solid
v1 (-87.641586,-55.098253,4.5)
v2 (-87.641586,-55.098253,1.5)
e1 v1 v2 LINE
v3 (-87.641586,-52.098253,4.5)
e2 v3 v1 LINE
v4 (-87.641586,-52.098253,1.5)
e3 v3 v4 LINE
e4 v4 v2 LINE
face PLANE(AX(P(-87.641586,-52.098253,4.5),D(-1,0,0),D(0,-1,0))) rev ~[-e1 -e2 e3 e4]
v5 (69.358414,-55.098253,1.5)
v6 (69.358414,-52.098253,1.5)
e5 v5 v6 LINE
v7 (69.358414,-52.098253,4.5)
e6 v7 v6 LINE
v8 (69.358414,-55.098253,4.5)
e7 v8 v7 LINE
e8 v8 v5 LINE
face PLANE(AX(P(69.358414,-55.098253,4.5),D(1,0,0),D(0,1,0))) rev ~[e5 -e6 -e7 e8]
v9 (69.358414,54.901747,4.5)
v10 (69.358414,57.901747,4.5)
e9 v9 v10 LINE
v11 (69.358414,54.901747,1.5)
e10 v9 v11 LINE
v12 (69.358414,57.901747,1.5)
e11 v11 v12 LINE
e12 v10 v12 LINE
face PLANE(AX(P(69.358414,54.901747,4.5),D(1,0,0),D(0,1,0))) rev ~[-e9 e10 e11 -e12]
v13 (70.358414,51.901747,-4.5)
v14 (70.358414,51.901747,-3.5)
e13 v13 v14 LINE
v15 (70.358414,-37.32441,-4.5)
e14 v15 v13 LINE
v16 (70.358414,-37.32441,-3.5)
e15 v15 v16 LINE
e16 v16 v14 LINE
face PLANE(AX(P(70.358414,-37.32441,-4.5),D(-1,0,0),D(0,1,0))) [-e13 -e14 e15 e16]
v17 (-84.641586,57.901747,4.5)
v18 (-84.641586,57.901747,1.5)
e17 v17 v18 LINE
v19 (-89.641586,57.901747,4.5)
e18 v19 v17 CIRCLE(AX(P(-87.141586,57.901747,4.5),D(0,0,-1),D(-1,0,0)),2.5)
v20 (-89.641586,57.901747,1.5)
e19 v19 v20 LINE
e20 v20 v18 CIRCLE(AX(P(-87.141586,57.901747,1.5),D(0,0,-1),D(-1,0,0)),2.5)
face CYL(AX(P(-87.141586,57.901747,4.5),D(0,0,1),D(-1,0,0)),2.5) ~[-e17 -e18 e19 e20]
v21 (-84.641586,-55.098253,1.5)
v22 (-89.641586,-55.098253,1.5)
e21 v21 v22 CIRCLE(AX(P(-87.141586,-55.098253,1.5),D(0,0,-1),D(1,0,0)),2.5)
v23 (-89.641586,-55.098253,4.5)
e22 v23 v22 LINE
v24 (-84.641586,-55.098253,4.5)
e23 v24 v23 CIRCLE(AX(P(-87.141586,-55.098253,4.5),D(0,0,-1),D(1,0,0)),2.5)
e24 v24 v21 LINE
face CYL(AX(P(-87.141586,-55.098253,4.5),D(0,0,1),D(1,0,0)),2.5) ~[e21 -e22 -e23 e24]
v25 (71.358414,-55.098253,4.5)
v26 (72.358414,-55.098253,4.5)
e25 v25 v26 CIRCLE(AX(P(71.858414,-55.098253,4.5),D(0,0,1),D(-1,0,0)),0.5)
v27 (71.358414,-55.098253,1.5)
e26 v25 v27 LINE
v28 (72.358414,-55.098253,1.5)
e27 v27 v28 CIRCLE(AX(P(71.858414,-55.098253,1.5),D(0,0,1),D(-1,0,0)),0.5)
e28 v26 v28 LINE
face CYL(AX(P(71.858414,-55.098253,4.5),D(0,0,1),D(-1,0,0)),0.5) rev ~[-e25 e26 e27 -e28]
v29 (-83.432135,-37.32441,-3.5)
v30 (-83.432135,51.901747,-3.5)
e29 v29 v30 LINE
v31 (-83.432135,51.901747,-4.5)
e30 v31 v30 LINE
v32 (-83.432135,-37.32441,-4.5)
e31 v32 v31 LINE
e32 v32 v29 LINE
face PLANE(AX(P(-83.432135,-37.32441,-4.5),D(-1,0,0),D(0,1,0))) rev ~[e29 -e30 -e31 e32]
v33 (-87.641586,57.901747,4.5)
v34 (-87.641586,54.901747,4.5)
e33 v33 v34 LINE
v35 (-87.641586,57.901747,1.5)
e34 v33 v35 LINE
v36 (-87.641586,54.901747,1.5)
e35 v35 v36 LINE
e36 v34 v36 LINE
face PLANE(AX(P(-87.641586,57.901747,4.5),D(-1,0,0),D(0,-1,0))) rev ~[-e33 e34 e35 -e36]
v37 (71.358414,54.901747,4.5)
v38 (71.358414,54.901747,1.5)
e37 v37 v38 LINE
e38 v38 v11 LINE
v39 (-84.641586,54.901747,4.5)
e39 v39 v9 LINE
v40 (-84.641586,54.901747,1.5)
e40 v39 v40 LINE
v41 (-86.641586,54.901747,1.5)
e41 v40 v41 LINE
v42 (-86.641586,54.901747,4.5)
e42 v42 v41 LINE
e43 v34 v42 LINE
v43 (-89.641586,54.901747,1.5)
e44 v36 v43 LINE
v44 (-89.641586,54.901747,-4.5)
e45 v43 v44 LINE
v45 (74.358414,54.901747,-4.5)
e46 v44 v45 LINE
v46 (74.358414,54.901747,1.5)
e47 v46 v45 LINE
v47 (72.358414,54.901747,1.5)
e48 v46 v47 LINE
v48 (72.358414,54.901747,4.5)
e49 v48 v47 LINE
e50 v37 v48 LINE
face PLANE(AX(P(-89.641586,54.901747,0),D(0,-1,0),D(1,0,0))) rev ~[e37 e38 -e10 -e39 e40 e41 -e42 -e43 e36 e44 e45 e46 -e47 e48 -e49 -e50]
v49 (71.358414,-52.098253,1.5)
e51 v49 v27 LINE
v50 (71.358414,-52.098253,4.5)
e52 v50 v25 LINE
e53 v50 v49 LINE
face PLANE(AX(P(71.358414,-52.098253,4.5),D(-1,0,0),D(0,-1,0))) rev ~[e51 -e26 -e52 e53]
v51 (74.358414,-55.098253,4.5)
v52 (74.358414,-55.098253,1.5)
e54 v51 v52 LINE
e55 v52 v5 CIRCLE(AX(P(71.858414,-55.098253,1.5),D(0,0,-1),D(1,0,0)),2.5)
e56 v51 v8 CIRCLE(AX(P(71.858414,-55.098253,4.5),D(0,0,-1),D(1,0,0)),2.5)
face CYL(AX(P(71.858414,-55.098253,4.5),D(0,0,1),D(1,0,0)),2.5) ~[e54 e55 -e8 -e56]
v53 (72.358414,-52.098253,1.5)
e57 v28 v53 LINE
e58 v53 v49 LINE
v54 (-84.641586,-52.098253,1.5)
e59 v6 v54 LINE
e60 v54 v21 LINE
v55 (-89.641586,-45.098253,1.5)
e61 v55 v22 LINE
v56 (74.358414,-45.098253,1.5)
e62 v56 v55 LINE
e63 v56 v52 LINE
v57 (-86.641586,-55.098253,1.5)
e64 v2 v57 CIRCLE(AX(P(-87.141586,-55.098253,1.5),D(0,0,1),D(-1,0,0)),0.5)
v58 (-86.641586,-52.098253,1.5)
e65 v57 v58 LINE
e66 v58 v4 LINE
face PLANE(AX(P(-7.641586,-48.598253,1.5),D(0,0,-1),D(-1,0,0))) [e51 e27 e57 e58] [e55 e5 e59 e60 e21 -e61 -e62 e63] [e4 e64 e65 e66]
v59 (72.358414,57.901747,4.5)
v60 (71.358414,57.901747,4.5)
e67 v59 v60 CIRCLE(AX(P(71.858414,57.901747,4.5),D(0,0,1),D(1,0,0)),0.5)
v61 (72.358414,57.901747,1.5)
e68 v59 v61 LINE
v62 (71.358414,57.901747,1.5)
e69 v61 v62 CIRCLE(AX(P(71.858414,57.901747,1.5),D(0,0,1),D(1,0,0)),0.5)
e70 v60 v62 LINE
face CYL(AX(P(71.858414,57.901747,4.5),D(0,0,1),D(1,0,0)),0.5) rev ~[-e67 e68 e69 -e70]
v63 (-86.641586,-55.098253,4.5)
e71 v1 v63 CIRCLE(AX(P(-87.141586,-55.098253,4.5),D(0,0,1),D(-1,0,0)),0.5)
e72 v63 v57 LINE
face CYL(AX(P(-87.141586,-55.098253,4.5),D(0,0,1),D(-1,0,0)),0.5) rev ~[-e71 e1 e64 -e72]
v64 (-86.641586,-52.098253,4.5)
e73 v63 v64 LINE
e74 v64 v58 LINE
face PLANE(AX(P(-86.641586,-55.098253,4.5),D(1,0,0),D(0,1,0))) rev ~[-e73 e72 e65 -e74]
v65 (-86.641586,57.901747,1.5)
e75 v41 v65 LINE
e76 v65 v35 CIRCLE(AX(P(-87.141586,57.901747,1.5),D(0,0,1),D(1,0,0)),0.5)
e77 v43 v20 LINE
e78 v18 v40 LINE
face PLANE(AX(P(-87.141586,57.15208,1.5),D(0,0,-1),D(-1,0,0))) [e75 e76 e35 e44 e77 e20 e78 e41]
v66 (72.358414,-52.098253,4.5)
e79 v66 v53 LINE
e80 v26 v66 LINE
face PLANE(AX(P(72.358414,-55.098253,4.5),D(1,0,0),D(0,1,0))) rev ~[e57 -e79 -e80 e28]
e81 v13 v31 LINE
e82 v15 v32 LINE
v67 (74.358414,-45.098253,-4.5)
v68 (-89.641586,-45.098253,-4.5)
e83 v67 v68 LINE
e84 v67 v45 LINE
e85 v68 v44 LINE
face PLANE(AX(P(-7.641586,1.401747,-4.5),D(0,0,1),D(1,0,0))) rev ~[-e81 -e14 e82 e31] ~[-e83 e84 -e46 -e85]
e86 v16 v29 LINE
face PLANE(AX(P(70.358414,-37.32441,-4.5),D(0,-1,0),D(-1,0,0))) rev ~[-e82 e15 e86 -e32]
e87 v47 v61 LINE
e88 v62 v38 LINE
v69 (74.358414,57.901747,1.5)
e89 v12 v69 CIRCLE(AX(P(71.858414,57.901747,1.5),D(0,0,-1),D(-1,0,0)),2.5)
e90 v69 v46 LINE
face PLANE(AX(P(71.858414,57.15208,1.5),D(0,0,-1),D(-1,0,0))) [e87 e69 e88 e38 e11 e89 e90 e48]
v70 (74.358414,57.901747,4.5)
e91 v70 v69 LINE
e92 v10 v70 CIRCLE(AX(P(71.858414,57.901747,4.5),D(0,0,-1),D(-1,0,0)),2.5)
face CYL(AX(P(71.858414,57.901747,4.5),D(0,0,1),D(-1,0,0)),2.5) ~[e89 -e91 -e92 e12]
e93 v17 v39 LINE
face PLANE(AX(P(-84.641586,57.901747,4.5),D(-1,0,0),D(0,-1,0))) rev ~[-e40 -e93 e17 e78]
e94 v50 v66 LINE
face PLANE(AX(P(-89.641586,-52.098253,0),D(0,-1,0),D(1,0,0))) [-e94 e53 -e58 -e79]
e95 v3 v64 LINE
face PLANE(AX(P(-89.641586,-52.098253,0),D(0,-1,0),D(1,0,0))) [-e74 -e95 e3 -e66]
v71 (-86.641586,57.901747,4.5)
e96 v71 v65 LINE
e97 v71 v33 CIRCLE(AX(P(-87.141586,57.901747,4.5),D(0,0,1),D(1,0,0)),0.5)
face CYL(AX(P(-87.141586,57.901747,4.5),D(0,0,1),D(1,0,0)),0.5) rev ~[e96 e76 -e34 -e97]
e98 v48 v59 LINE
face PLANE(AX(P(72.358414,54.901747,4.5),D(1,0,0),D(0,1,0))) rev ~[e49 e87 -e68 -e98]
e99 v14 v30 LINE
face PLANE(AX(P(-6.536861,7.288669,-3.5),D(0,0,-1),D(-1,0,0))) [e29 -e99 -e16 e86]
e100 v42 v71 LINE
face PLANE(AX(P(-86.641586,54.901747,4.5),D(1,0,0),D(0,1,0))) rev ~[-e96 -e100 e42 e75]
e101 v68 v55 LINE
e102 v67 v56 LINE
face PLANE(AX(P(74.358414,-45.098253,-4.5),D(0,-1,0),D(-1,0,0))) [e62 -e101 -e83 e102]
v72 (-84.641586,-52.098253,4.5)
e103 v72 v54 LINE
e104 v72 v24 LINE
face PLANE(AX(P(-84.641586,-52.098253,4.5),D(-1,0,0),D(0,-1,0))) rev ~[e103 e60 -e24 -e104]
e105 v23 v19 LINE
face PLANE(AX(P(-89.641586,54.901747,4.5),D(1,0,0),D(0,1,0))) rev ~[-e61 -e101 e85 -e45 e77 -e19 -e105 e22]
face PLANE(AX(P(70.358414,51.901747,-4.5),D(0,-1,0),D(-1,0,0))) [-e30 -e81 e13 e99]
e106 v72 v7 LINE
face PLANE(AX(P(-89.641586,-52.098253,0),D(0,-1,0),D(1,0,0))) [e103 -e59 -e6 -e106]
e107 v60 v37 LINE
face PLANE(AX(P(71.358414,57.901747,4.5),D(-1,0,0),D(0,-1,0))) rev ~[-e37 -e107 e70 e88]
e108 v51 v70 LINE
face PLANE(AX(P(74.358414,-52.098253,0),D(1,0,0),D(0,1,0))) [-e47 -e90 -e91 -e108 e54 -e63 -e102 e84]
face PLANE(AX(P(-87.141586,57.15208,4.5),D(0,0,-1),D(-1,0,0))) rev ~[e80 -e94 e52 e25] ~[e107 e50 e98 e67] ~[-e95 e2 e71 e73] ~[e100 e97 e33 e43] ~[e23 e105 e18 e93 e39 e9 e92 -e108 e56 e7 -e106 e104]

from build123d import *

# Parameters (mm, degrees)
ESBO_O1_W                = 164
ESBO_O1_H                = 107
RESSALTO_EXTRUS_O1_DEPTH = 4.5
EXTRUS_O_FINA2_DEPTH     = 3
ESBO_O3_W                = 164
ESBO_O3_H                = 7
CORTE_EXTRUS_O1_DEPTH    = 6
ESBO_O5_W                = 153.790549152
ESBO_O5_H                = 89.226156431
CORTE_EXTRUS_O2_DEPTH    = 1


with BuildPart() as part:
    # Esboço1 → Ressalto-extrusão1 (new, symmetric)
    with BuildSketch(Plane.XY):
        with Locations((-7.64158605, 1.401746725)):
            Rectangle(ESBO_O1_W, ESBO_O1_H)
    extrude(amount=RESSALTO_EXTRUS_O1_DEPTH, both=True)

    # Esboço2 → Extrusão-Fina2 (add)
    with BuildSketch(Plane.XY.offset(4.5)):
        with BuildLine():
            Line((-89.64158605, 54.901746725), (-89.64158605, 57.901746725))
            ThreePointArc((-89.64158605, 57.901746725), (-87.14158605, 60.401746725), (-84.64158605, 57.901746725))
            Line((-84.64158605, 57.901746725), (-84.64158605, 54.901746725))
            Line((-84.64158605, 54.901746725), (-86.64158605, 54.901746725))
            Line((-86.64158605, 54.901746725), (-86.64158605, 57.901746725))
            ThreePointArc((-86.64158605, 57.901746725), (-87.14158605, 58.401746725), (-87.64158605, 57.901746725))
            Line((-87.64158605, 57.901746725), (-87.64158605, 54.901746725))
            Line((-87.64158605, 54.901746725), (-89.64158605, 54.901746725))
        make_face()
        with BuildLine():
            Line((69.35841395, 54.901746725), (69.35841395, 57.901746725))
            ThreePointArc((69.35841395, 57.901746725), (71.85841395, 60.401746725), (74.35841395, 57.901746725))
            Line((74.35841395, 57.901746725), (74.35841395, 54.901746725))
            Line((74.35841395, 54.901746725), (72.35841395, 54.901746725))
            Line((72.35841395, 54.901746725), (72.35841395, 57.901746725))
            ThreePointArc((72.35841395, 57.901746725), (71.85841395, 58.401746725), (71.35841395, 57.901746725))
            Line((71.35841395, 57.901746725), (71.35841395, 54.901746725))
            Line((71.35841395, 54.901746725), (69.35841395, 54.901746725))
        make_face()
        with BuildLine():
            Line((-84.64158605, -52.098253275), (-84.64158605, -55.098253275))
            ThreePointArc((-84.64158605, -55.098253275), (-87.14158605, -57.598253275), (-89.64158605, -55.098253275))
            Line((-89.64158605, -55.098253275), (-89.64158605, -52.098253275))
            Line((-89.64158605, -52.098253275), (-87.64158605, -52.098253275))
            Line((-87.64158605, -52.098253275), (-87.64158605, -55.098253275))
            ThreePointArc((-87.64158605, -55.098253275), (-87.14158605, -55.598253275), (-86.64158605, -55.098253275))
            Line((-86.64158605, -55.098253275), (-86.64158605, -52.098253275))
            Line((-86.64158605, -52.098253275), (-84.64158605, -52.098253275))
        make_face()
        with BuildLine():
            Line((74.35841395, -52.098253275), (74.35841395, -55.098253275))
            ThreePointArc((74.35841395, -55.098253275), (71.85841395, -57.598253275), (69.35841395, -55.098253275))
            Line((69.35841395, -55.098253275), (69.35841395, -52.098253275))
            Line((69.35841395, -52.098253275), (71.35841395, -52.098253275))
            Line((71.35841395, -52.098253275), (71.35841395, -55.098253275))
            ThreePointArc((71.35841395, -55.098253275), (71.85841395, -55.598253275), (72.35841395, -55.098253275))
            Line((72.35841395, -55.098253275), (72.35841395, -52.098253275))
            Line((72.35841395, -52.098253275), (74.35841395, -52.098253275))
        make_face()
    extrude(amount=-EXTRUS_O_FINA2_DEPTH)

    # Esboço3 → Corte-extrusão1 (cut)
    with BuildSketch(Plane(origin=(0, 0, -4.5), x_dir=(-1, 0, 0), z_dir=(0, 0, -1))):
        with Locations((7.64158605, -48.598253275)):
            Rectangle(ESBO_O3_W, ESBO_O3_H)
    extrude(amount=-CORTE_EXTRUS_O1_DEPTH, mode=Mode.SUBTRACT)

    # Esboço5 → Corte-extrusão2 (cut)
    with BuildSketch(Plane(origin=(0, 0, -4.5), x_dir=(-1, 0, 0), z_dir=(0, 0, -1))):
        with Locations((6.536860626, 7.288668509)):
            Rectangle(ESBO_O5_W, ESBO_O5_H)
    extrude(amount=-CORTE_EXTRUS_O2_DEPTH, mode=Mode.SUBTRACT)


solid = part.part
